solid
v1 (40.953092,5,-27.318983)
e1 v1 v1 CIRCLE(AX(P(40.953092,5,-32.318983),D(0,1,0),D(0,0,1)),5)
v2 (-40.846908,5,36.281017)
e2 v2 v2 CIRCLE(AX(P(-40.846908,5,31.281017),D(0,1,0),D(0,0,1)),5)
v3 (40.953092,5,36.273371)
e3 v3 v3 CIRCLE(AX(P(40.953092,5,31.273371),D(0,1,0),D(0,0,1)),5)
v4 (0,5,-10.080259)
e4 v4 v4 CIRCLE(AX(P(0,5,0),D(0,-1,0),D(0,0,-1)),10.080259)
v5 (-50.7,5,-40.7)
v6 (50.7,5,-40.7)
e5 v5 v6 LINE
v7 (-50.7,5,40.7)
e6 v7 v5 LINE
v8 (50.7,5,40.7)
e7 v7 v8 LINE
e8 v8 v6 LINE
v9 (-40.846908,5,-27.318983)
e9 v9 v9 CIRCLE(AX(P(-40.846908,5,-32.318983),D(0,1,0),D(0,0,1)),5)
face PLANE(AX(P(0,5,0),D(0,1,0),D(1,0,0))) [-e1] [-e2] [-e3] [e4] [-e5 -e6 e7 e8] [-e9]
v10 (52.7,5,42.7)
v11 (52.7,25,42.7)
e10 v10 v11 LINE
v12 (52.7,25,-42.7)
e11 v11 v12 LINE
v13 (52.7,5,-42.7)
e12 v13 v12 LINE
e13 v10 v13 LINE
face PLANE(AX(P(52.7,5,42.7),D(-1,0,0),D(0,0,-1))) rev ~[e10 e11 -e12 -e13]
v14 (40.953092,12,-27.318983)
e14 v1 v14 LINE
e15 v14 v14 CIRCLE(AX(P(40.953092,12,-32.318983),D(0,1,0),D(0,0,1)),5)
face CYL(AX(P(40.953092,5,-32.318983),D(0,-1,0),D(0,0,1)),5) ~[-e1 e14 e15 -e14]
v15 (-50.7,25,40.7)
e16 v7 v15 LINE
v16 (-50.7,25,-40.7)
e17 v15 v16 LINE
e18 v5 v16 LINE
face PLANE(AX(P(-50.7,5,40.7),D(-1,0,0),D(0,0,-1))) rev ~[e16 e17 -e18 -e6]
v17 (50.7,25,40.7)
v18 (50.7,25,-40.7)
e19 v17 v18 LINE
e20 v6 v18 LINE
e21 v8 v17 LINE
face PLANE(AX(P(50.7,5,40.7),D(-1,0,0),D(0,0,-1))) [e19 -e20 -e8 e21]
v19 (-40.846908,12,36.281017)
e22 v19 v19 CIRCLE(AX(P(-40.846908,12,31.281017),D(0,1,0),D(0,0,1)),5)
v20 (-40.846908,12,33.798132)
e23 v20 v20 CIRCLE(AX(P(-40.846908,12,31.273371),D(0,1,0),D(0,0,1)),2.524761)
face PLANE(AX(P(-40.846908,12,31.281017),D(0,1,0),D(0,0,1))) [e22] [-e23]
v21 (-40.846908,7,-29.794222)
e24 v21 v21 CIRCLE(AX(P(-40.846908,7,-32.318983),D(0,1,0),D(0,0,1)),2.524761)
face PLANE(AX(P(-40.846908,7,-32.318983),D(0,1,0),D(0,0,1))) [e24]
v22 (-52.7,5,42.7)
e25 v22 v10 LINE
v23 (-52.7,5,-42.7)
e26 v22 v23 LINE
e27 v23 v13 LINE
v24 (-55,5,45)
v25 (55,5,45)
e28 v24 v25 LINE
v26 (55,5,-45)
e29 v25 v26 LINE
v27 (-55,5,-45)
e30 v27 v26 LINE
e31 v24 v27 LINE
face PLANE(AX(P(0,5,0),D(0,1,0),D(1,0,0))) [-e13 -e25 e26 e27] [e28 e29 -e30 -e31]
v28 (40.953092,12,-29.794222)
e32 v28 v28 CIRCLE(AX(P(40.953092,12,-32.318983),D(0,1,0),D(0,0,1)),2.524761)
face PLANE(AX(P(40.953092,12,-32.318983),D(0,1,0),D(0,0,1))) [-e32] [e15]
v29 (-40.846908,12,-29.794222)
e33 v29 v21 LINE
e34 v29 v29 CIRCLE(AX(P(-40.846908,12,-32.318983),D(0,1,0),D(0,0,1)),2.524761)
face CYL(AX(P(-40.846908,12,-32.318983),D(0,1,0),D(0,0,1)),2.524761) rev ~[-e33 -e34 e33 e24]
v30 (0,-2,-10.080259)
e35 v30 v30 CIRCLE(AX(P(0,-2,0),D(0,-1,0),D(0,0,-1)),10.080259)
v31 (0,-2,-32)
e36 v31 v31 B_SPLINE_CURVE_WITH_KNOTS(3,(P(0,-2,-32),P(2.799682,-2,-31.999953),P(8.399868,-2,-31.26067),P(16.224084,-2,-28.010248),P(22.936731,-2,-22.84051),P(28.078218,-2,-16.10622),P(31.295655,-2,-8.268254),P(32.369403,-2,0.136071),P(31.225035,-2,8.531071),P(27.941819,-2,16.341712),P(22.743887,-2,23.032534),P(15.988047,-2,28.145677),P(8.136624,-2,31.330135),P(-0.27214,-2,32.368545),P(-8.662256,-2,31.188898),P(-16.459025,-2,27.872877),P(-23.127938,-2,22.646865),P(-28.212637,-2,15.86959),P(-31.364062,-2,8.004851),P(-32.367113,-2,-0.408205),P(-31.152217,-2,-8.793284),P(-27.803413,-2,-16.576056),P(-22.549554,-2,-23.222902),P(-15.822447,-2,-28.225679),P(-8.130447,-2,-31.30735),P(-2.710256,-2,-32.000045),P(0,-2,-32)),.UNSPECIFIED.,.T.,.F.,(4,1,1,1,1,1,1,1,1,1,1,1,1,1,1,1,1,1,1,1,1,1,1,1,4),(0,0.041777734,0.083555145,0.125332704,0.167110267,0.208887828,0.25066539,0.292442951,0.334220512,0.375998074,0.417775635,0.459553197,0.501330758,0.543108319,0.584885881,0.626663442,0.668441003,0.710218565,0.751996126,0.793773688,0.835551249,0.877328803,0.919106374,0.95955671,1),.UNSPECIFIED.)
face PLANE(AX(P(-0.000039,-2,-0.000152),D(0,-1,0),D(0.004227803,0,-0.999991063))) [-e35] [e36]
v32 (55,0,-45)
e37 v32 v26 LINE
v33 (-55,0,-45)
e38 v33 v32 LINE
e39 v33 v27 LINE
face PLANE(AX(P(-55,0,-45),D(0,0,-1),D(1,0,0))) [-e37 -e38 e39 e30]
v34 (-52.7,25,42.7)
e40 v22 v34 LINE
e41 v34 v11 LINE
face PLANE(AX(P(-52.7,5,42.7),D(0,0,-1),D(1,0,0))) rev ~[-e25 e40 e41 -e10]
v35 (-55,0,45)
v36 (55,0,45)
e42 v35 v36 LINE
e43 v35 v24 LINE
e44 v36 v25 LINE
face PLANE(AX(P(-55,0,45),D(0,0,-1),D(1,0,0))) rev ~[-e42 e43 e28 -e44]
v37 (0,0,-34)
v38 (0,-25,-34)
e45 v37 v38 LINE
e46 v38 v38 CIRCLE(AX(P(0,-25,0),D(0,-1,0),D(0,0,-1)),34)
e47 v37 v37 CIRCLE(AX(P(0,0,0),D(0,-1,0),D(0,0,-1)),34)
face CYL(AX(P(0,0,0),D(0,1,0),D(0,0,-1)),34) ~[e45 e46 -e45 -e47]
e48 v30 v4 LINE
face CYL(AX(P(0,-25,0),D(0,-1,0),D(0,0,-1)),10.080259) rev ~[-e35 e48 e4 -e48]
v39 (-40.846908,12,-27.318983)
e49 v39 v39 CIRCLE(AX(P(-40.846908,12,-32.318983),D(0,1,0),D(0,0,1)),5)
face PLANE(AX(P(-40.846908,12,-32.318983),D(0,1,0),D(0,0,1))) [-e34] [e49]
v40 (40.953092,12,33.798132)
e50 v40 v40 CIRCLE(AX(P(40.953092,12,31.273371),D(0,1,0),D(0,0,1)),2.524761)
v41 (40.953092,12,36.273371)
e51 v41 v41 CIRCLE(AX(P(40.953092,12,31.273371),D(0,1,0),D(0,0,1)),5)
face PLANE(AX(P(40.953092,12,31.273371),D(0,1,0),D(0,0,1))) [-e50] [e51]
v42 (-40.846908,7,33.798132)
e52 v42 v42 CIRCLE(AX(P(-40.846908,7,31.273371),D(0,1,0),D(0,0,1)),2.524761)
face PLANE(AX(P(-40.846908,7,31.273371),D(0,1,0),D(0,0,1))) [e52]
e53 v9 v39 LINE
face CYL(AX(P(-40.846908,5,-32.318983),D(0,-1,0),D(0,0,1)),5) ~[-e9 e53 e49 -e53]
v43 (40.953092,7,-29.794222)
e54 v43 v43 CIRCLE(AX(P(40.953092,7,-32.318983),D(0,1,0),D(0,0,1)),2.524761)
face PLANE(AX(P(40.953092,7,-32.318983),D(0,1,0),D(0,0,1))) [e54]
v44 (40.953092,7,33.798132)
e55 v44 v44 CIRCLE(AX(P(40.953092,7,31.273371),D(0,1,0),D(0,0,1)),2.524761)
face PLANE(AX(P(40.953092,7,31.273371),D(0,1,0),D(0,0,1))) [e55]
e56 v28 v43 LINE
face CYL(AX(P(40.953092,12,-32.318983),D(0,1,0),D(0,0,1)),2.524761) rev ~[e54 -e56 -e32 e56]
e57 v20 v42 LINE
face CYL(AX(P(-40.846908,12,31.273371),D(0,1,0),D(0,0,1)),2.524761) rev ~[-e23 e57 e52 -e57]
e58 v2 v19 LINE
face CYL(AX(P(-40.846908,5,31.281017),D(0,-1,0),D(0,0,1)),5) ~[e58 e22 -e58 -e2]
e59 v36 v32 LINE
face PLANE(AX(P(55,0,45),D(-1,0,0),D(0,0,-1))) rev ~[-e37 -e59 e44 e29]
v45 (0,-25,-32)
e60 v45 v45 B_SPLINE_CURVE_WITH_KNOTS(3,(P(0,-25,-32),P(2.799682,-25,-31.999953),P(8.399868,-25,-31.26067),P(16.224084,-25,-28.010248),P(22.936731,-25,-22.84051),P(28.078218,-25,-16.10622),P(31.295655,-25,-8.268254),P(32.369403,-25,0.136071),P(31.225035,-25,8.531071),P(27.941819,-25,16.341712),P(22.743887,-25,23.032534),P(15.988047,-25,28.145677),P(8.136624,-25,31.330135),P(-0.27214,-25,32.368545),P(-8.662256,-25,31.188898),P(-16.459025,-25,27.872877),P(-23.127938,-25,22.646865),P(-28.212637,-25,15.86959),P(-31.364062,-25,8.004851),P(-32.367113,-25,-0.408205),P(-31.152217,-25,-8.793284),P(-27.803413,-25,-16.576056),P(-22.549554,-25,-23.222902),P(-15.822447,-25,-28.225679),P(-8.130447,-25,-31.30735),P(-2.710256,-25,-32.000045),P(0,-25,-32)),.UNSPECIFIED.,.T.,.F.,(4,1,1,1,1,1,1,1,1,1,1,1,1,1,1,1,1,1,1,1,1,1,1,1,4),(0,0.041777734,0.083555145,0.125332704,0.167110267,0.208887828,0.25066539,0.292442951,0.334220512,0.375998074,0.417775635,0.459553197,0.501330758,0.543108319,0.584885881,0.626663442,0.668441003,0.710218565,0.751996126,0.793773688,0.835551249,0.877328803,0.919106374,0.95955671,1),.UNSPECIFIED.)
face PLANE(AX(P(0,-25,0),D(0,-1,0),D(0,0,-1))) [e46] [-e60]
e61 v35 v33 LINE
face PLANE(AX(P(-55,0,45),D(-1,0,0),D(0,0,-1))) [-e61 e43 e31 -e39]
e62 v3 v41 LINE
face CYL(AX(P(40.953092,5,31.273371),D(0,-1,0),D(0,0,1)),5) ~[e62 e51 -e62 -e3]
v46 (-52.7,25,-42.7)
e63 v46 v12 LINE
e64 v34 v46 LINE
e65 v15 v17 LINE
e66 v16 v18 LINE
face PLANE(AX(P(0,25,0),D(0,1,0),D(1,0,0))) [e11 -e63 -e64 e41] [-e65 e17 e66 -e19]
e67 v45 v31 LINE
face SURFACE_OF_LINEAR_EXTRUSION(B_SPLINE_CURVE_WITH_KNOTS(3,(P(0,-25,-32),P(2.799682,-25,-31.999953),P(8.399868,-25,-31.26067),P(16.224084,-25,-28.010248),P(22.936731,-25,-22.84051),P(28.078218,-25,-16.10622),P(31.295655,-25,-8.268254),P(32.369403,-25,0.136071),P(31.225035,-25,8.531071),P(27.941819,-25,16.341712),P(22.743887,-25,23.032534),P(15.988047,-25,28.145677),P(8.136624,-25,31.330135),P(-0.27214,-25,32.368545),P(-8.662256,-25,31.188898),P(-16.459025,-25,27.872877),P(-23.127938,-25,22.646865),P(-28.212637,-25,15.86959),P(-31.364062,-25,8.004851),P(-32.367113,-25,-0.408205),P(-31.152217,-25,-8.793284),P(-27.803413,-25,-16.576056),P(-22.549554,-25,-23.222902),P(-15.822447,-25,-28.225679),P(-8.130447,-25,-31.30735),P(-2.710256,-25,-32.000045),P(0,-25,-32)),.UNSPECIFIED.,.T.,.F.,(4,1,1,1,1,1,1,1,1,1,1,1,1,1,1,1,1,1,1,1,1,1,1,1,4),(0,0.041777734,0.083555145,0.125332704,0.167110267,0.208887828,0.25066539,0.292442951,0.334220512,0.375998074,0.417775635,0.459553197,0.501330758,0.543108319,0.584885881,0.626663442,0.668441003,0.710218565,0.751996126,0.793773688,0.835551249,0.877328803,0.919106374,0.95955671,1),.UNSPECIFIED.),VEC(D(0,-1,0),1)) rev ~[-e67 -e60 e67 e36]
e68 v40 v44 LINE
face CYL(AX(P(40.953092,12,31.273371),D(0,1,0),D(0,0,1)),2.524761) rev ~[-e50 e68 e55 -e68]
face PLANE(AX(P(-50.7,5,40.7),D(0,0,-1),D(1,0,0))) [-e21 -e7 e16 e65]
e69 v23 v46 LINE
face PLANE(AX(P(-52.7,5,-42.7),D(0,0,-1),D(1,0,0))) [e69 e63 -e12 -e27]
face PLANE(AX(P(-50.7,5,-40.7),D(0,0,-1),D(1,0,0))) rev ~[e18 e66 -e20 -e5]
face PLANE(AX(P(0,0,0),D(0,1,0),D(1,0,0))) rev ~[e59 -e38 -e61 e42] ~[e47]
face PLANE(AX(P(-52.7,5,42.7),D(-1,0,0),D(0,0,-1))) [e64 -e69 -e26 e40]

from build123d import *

# Parameters (mm, degrees)
SKETCH1_W           = 110
SKETCH1_H           = 90
BOSS_EXTRUDE1_DEPTH = 5
SKETCH4_W           = 105.4
SKETCH4_H           = 85.4
SKETCH4_W_2         = 101.4
SKETCH4_H_2         = 81.4
BOSS_EXTRUDE2_DEPTH = 20
SKETCH5_R           = 5
BOSS_EXTRUDE3_DEPTH = 7
SKETCH9_R           = 2.524761235
CUT_EXTRUDE1_DEPTH  = 5
SKETCH10_R          = 34
BOSS_EXTRUDE4_DEPTH = 25
SKETCH11_R          = 10.080259213
CUT_EXTRUDE2_DEPTH  = 31
CUT_EXTRUDE3_DEPTH  = 23


with BuildPart() as part:
    # Sketch1 → Boss-Extrude1 (new body)
    with BuildSketch(Plane(origin=(0, 0, 0), x_dir=(1, 0, 0), z_dir=(0, 1, 0))):
        Rectangle(SKETCH1_W, SKETCH1_H)
    extrude(amount=BOSS_EXTRUDE1_DEPTH)

    # Sketch4 → Boss-Extrude2 (add)
    with BuildSketch(Plane(origin=(0, 5, 0), x_dir=(1, 0, 0), z_dir=(0, 1, 0))):
        Rectangle(SKETCH4_W, SKETCH4_H)
        Rectangle(SKETCH4_W_2, SKETCH4_H_2, mode=Mode.SUBTRACT)
    extrude(amount=BOSS_EXTRUDE2_DEPTH)

    # Sketch5 → Boss-Extrude3 (add)
    with BuildSketch(Plane(origin=(0, 5, 0), x_dir=(1, 0, 0), z_dir=(0, 1, 0))):
        with Locations(Location((-40.846907762, 32.318983418, 0), (0, 0, 270))):
            Circle(SKETCH5_R)
        with Locations(Location((-40.846907762, -31.281016582, 0), (0, 0, 270))):
            Circle(SKETCH5_R)
        with Locations(Location((40.953092238, -31.273370815, 0), (0, 0, 270))):
            Circle(SKETCH5_R)
        with Locations(Location((40.953092238, 32.318983418, 0), (0, 0, 270))):
            Circle(SKETCH5_R)
    extrude(amount=BOSS_EXTRUDE3_DEPTH)

    # Sketch9 → Cut-Extrude1 (cut)
    with BuildSketch(Plane(origin=(0, 12, 0), x_dir=(1, 0, 0), z_dir=(0, 1, 0))):
        with Locations(Location((40.953092238, 32.318983418, 0), (0, 0, 270))):
            Circle(SKETCH9_R)
        with Locations(Location((40.953092238, -31.273370815, 0), (0, 0, 270))):
            Circle(SKETCH9_R)
        with Locations(Location((-40.846907762, -31.273370815, 0), (0, 0, 270))):
            Circle(SKETCH9_R)
        with Locations(Location((-40.846907762, 32.318983418, 0), (0, 0, 270))):
            Circle(SKETCH9_R)
    extrude(amount=-CUT_EXTRUDE1_DEPTH, mode=Mode.SUBTRACT)

    # Sketch10 → Boss-Extrude4 (add)
    with BuildSketch(Plane.XZ):
        with Locations(Location((0, 0, 0), (0, 0, 270))):
            Circle(SKETCH10_R)
    extrude(amount=BOSS_EXTRUDE4_DEPTH)

    # Sketch11 → Cut-Extrude2 (cut)
    with BuildSketch(Plane(origin=(0, -25, 0), x_dir=(-1, 0, 0), z_dir=(0, -1, 0))):
        with Locations(Location((0, 0, 0), (0, 0, 90))):
            Circle(SKETCH11_R)
    extrude(amount=-CUT_EXTRUDE2_DEPTH, mode=Mode.SUBTRACT)

    # 3DSketch1 → Cut-Extrude3 (cut)
    with BuildSketch(Plane(origin=(0, -25, -32), x_dir=(-0.004227803372085143, 0, 0.9999910627993868), z_dir=(0, 1, 0))):
        with BuildLine():
            add(Edge.make_bspline(
                [(0, 0), (-0.011789907, 2.799656794), (0.703810307, 8.402918744), (3.921124481, 16.240807355), (9.062436479, 22.975250557), (15.774929183, 28.145163081), (23.599222448, 31.395708592), (31.998932575, 32.504978995), (40.398695895, 31.396113621), (48.223147077, 28.145948653), (54.935885594, 22.976350086), (60.077545593, 16.242187891), (63.295168912, 8.404298627), (64.369120742, 0), (63.224955208, -8.395027888), (59.941927667, -16.205747313), (54.744156701, -22.896695338), (47.988440156, -28.01000158), (40.137094558, -31.194649365), (31.728354863, -32.233260194), (23.338213795, -31.053824953), (15.541353588, -27.737955266), (8.872355042, -22.512245002), (3.841180978, -15.806348738), (0.727018017, -8.127446073), (0.01141332, -2.710231546), (0, 0)],
                knots=[0, 0, 0, 0, 0.041777734, 0.083555145, 0.125332704, 0.167110267, 0.208887828, 0.25066539, 0.292442951, 0.334220512, 0.375998074, 0.417775635, 0.459553197, 0.501330758, 0.543108319, 0.584885881, 0.626663442, 0.668441003, 0.710218565, 0.751996126, 0.793773688, 0.835551249, 0.877328803, 0.919106374, 0.95955671, 1, 1, 1, 1], degree=3))
        make_face()
    extrude(amount=CUT_EXTRUDE3_DEPTH, mode=Mode.SUBTRACT)


solid = part.part
